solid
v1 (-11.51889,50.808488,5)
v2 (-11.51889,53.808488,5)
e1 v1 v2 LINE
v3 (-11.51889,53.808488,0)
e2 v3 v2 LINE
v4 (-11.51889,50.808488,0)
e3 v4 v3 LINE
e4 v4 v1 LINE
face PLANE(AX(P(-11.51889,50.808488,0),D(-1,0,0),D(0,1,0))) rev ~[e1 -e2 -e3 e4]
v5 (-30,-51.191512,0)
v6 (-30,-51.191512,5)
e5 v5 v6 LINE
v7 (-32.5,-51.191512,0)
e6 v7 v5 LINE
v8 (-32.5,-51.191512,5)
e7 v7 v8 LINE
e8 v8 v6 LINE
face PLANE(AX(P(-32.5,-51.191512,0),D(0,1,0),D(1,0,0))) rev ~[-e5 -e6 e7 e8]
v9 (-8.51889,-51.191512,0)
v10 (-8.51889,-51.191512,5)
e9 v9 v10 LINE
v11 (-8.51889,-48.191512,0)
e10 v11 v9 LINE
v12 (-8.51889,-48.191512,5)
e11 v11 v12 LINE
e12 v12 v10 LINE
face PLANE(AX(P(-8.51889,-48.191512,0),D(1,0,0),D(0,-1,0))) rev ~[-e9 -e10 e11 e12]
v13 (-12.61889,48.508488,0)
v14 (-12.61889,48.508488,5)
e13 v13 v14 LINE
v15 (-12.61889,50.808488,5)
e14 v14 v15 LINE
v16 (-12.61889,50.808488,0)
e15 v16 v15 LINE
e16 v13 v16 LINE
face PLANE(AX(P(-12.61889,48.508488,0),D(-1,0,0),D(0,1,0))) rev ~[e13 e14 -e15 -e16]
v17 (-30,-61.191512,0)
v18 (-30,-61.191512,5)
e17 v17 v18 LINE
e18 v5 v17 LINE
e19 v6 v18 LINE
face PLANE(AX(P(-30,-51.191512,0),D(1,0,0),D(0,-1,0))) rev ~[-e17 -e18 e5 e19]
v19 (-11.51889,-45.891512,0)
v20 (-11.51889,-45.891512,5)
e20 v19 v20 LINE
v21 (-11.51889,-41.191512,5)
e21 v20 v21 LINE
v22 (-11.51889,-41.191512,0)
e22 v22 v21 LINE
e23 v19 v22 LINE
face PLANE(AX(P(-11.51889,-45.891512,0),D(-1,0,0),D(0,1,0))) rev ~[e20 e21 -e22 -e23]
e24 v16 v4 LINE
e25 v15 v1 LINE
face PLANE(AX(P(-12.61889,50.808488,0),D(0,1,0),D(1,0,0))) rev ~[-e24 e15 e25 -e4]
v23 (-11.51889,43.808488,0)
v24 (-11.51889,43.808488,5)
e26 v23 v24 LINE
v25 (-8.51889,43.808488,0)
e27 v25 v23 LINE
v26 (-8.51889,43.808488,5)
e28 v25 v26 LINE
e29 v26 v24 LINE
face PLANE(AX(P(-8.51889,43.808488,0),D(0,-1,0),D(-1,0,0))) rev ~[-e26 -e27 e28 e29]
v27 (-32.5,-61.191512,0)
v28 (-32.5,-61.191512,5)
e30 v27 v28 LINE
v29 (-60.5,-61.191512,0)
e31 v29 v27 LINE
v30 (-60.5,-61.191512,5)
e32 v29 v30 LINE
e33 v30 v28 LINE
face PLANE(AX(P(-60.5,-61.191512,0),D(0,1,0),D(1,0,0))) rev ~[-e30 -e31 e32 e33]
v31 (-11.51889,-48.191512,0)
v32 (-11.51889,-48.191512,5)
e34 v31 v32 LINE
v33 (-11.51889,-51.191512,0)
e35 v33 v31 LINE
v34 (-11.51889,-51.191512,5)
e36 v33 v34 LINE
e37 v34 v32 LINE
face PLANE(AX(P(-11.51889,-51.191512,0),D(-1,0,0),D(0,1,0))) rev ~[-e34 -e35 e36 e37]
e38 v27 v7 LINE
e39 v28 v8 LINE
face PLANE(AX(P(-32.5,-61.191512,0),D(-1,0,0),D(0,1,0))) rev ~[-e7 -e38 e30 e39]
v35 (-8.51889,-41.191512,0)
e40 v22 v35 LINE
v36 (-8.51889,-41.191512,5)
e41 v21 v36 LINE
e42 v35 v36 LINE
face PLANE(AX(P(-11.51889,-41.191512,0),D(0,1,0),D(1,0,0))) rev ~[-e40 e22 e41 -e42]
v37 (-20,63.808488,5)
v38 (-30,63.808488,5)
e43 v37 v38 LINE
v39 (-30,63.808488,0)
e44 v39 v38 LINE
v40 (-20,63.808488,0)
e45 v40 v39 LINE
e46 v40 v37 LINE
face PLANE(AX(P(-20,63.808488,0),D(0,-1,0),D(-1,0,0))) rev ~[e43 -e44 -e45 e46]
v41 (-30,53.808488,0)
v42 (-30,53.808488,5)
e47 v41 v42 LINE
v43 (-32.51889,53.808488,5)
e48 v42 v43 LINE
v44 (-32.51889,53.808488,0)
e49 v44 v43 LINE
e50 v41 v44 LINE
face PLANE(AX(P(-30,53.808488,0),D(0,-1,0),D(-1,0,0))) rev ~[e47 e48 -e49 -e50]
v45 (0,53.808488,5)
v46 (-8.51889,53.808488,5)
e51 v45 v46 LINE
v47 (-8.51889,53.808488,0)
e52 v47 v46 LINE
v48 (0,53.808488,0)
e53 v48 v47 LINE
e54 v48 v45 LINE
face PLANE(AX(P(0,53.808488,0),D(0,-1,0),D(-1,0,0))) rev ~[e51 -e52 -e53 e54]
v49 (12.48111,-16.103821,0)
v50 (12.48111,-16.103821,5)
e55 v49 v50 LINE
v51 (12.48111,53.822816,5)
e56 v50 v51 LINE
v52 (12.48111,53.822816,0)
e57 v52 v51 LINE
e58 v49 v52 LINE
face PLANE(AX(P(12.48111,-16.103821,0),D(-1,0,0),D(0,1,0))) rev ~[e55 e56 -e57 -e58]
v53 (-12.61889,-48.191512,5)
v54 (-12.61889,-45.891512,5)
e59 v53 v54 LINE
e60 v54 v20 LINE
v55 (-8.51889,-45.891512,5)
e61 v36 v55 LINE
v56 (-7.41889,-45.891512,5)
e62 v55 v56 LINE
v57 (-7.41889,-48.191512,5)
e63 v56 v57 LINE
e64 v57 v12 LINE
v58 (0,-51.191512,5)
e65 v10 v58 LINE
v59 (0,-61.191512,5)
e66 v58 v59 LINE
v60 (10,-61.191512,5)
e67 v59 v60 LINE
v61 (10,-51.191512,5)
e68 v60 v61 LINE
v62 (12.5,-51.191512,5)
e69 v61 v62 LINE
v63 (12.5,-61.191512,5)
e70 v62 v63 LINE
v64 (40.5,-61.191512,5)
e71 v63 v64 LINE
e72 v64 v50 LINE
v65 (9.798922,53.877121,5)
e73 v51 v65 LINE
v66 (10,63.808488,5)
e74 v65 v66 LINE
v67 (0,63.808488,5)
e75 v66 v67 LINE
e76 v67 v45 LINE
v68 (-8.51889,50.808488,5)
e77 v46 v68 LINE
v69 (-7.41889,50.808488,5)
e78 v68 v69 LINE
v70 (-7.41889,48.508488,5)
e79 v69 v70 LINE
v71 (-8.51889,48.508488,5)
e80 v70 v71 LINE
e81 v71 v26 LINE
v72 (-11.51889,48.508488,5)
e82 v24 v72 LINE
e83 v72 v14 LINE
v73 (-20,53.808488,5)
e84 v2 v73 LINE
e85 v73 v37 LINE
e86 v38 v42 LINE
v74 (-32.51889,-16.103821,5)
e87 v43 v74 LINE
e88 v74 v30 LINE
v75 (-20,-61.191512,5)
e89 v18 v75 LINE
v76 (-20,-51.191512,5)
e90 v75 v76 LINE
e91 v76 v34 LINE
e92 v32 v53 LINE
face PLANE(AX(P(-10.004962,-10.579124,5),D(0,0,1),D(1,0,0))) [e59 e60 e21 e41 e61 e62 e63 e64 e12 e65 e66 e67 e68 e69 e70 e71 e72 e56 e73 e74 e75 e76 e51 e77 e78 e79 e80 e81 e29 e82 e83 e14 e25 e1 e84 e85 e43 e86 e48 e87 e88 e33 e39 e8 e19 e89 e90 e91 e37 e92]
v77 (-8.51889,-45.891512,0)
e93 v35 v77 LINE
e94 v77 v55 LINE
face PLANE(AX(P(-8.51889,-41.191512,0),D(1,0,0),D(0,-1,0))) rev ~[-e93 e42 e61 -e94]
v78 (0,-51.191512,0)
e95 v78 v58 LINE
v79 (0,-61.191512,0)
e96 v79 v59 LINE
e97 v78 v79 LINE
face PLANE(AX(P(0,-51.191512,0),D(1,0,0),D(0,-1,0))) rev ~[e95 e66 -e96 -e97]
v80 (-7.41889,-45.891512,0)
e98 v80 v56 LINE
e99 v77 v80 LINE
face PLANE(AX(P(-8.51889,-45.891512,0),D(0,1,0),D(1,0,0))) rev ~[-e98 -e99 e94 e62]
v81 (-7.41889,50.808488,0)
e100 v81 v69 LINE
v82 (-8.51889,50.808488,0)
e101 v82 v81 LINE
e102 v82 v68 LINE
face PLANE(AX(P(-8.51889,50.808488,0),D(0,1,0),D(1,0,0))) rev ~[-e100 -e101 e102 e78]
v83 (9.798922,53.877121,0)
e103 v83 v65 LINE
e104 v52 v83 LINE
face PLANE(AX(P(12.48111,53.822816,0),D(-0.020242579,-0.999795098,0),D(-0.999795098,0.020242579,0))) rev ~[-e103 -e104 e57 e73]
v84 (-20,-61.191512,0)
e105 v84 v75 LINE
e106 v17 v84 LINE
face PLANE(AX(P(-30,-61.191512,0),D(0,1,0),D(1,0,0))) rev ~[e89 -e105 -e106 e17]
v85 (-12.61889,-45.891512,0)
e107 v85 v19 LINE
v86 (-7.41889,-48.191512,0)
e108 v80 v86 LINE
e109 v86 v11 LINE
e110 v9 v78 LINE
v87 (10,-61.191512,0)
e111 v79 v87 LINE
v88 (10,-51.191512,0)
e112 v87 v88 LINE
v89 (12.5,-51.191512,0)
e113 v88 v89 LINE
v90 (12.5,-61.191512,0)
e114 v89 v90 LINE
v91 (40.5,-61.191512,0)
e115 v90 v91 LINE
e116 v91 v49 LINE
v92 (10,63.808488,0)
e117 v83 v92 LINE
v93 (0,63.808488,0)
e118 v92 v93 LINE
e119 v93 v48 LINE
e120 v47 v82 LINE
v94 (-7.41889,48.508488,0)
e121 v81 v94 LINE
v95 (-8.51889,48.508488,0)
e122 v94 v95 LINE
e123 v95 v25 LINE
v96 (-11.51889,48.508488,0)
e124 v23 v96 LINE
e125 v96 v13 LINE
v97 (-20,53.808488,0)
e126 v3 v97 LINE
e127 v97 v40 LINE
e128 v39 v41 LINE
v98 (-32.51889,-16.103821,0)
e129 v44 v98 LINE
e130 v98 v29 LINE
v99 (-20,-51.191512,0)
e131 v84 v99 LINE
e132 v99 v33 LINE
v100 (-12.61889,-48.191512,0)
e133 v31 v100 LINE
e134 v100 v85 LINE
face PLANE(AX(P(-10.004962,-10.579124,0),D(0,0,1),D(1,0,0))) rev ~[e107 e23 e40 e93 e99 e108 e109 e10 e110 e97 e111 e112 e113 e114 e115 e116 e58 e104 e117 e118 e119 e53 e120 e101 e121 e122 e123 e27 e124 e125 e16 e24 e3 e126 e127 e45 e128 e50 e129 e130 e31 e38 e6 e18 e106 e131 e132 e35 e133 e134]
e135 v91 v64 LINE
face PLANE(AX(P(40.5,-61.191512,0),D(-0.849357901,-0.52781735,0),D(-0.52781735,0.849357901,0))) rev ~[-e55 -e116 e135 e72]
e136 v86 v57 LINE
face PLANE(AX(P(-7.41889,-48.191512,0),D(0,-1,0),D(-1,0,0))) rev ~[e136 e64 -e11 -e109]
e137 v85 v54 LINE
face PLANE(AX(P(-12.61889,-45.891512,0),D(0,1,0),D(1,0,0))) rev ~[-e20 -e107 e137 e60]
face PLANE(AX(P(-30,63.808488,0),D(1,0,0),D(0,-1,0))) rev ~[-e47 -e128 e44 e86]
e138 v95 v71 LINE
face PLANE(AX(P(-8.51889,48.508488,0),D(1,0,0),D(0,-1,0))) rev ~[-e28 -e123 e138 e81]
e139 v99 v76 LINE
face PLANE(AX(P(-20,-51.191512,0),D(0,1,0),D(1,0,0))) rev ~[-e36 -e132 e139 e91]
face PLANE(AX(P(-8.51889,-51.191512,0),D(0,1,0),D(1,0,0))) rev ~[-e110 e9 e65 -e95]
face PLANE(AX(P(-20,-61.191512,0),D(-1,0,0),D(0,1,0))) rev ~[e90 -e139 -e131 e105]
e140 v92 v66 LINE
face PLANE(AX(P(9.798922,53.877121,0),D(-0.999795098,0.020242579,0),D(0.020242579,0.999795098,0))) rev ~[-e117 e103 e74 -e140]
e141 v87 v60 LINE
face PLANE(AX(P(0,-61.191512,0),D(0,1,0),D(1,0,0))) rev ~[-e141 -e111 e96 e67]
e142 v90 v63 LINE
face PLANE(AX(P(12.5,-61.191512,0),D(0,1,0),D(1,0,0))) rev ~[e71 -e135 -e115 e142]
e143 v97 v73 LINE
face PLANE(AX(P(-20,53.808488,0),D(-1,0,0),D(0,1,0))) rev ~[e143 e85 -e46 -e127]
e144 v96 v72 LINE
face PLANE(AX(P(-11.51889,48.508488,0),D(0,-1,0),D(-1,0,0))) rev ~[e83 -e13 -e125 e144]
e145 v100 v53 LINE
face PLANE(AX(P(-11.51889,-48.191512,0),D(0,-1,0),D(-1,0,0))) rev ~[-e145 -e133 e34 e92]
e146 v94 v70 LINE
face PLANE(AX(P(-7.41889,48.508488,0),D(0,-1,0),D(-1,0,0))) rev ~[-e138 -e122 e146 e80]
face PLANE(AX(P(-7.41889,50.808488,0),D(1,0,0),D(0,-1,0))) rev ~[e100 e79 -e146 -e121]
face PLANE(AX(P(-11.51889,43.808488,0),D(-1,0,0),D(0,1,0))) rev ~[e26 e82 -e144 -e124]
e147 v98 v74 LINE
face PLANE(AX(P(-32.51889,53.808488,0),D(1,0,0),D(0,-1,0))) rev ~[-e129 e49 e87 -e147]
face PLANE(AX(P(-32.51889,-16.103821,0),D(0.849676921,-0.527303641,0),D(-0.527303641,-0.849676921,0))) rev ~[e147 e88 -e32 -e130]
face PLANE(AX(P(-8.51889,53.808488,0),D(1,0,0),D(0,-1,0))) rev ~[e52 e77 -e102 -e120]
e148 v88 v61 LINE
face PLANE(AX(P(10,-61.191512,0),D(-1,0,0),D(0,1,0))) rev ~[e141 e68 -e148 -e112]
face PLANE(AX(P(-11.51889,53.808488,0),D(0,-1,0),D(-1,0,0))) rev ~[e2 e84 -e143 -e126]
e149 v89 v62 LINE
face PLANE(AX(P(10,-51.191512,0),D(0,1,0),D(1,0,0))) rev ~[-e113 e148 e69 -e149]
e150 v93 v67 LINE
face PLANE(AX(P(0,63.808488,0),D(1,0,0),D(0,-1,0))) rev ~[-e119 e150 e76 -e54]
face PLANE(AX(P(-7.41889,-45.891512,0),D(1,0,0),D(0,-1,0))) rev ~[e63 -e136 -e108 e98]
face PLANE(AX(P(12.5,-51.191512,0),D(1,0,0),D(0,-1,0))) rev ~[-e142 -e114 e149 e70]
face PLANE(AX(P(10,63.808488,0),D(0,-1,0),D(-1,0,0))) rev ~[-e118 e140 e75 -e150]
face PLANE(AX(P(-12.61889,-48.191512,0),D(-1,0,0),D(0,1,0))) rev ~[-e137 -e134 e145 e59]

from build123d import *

# Parameters (mm, degrees)
BOSS_EXTRUDE1_DEPTH = 5


with BuildPart() as part:
    # Sketch1 → Boss-Extrude1 (new body)
    with BuildSketch(Plane.XY):
        Polygon((-32.5, -51.191512275), (-30, -51.191512275), (-30, -61.191512275), (-20, -61.191512275), (-20, -51.191512275), (-11.518889855, -51.191512275), (-11.518889855, -48.191512275), (-12.618889855, -48.191512275), (-12.618889855, -45.891512275), (-11.518889855, -45.891512275), (-11.518889855, -41.191512275), (-8.518889855, -41.191512275), (-8.518889855, -45.891512275), (-7.418889855, -45.891512275), (-7.418889855, -48.191512275), (-8.518889855, -48.191512275), (-8.518889855, -51.191512275), (0, -51.191512275), (0, -61.191512275), (10, -61.191512275), (10, -51.191512275), (12.5, -51.191512275), (12.5, -61.191512275), (40.5, -61.191512275), (12.481110145, -16.103821473), (12.481110145, 53.822815833), (9.798922327, 53.87712136), (10, 63.808487725), (0, 63.808487725), (0, 53.808487725), (-8.518889855, 53.808487725), (-8.518889855, 50.808487725), (-7.418889855, 50.808487725), (-7.418889855, 48.508487725), (-8.518889855, 48.508487725), (-8.518889855, 43.808487725), (-11.518889855, 43.808487725), (-11.518889855, 48.508487725), (-12.618889855, 48.508487725), (-12.618889855, 50.808487725), (-11.518889855, 50.808487725), (-11.518889855, 53.808487725), (-20, 53.808487725), (-20, 63.808487725), (-30, 63.808487725), (-30, 53.808487725), (-32.518889855, 53.808487725), (-32.518889855, -16.103821473), (-60.5, -61.191512275), (-32.5, -61.191512275), align=None)
    extrude(amount=BOSS_EXTRUDE1_DEPTH)


solid = part.part
